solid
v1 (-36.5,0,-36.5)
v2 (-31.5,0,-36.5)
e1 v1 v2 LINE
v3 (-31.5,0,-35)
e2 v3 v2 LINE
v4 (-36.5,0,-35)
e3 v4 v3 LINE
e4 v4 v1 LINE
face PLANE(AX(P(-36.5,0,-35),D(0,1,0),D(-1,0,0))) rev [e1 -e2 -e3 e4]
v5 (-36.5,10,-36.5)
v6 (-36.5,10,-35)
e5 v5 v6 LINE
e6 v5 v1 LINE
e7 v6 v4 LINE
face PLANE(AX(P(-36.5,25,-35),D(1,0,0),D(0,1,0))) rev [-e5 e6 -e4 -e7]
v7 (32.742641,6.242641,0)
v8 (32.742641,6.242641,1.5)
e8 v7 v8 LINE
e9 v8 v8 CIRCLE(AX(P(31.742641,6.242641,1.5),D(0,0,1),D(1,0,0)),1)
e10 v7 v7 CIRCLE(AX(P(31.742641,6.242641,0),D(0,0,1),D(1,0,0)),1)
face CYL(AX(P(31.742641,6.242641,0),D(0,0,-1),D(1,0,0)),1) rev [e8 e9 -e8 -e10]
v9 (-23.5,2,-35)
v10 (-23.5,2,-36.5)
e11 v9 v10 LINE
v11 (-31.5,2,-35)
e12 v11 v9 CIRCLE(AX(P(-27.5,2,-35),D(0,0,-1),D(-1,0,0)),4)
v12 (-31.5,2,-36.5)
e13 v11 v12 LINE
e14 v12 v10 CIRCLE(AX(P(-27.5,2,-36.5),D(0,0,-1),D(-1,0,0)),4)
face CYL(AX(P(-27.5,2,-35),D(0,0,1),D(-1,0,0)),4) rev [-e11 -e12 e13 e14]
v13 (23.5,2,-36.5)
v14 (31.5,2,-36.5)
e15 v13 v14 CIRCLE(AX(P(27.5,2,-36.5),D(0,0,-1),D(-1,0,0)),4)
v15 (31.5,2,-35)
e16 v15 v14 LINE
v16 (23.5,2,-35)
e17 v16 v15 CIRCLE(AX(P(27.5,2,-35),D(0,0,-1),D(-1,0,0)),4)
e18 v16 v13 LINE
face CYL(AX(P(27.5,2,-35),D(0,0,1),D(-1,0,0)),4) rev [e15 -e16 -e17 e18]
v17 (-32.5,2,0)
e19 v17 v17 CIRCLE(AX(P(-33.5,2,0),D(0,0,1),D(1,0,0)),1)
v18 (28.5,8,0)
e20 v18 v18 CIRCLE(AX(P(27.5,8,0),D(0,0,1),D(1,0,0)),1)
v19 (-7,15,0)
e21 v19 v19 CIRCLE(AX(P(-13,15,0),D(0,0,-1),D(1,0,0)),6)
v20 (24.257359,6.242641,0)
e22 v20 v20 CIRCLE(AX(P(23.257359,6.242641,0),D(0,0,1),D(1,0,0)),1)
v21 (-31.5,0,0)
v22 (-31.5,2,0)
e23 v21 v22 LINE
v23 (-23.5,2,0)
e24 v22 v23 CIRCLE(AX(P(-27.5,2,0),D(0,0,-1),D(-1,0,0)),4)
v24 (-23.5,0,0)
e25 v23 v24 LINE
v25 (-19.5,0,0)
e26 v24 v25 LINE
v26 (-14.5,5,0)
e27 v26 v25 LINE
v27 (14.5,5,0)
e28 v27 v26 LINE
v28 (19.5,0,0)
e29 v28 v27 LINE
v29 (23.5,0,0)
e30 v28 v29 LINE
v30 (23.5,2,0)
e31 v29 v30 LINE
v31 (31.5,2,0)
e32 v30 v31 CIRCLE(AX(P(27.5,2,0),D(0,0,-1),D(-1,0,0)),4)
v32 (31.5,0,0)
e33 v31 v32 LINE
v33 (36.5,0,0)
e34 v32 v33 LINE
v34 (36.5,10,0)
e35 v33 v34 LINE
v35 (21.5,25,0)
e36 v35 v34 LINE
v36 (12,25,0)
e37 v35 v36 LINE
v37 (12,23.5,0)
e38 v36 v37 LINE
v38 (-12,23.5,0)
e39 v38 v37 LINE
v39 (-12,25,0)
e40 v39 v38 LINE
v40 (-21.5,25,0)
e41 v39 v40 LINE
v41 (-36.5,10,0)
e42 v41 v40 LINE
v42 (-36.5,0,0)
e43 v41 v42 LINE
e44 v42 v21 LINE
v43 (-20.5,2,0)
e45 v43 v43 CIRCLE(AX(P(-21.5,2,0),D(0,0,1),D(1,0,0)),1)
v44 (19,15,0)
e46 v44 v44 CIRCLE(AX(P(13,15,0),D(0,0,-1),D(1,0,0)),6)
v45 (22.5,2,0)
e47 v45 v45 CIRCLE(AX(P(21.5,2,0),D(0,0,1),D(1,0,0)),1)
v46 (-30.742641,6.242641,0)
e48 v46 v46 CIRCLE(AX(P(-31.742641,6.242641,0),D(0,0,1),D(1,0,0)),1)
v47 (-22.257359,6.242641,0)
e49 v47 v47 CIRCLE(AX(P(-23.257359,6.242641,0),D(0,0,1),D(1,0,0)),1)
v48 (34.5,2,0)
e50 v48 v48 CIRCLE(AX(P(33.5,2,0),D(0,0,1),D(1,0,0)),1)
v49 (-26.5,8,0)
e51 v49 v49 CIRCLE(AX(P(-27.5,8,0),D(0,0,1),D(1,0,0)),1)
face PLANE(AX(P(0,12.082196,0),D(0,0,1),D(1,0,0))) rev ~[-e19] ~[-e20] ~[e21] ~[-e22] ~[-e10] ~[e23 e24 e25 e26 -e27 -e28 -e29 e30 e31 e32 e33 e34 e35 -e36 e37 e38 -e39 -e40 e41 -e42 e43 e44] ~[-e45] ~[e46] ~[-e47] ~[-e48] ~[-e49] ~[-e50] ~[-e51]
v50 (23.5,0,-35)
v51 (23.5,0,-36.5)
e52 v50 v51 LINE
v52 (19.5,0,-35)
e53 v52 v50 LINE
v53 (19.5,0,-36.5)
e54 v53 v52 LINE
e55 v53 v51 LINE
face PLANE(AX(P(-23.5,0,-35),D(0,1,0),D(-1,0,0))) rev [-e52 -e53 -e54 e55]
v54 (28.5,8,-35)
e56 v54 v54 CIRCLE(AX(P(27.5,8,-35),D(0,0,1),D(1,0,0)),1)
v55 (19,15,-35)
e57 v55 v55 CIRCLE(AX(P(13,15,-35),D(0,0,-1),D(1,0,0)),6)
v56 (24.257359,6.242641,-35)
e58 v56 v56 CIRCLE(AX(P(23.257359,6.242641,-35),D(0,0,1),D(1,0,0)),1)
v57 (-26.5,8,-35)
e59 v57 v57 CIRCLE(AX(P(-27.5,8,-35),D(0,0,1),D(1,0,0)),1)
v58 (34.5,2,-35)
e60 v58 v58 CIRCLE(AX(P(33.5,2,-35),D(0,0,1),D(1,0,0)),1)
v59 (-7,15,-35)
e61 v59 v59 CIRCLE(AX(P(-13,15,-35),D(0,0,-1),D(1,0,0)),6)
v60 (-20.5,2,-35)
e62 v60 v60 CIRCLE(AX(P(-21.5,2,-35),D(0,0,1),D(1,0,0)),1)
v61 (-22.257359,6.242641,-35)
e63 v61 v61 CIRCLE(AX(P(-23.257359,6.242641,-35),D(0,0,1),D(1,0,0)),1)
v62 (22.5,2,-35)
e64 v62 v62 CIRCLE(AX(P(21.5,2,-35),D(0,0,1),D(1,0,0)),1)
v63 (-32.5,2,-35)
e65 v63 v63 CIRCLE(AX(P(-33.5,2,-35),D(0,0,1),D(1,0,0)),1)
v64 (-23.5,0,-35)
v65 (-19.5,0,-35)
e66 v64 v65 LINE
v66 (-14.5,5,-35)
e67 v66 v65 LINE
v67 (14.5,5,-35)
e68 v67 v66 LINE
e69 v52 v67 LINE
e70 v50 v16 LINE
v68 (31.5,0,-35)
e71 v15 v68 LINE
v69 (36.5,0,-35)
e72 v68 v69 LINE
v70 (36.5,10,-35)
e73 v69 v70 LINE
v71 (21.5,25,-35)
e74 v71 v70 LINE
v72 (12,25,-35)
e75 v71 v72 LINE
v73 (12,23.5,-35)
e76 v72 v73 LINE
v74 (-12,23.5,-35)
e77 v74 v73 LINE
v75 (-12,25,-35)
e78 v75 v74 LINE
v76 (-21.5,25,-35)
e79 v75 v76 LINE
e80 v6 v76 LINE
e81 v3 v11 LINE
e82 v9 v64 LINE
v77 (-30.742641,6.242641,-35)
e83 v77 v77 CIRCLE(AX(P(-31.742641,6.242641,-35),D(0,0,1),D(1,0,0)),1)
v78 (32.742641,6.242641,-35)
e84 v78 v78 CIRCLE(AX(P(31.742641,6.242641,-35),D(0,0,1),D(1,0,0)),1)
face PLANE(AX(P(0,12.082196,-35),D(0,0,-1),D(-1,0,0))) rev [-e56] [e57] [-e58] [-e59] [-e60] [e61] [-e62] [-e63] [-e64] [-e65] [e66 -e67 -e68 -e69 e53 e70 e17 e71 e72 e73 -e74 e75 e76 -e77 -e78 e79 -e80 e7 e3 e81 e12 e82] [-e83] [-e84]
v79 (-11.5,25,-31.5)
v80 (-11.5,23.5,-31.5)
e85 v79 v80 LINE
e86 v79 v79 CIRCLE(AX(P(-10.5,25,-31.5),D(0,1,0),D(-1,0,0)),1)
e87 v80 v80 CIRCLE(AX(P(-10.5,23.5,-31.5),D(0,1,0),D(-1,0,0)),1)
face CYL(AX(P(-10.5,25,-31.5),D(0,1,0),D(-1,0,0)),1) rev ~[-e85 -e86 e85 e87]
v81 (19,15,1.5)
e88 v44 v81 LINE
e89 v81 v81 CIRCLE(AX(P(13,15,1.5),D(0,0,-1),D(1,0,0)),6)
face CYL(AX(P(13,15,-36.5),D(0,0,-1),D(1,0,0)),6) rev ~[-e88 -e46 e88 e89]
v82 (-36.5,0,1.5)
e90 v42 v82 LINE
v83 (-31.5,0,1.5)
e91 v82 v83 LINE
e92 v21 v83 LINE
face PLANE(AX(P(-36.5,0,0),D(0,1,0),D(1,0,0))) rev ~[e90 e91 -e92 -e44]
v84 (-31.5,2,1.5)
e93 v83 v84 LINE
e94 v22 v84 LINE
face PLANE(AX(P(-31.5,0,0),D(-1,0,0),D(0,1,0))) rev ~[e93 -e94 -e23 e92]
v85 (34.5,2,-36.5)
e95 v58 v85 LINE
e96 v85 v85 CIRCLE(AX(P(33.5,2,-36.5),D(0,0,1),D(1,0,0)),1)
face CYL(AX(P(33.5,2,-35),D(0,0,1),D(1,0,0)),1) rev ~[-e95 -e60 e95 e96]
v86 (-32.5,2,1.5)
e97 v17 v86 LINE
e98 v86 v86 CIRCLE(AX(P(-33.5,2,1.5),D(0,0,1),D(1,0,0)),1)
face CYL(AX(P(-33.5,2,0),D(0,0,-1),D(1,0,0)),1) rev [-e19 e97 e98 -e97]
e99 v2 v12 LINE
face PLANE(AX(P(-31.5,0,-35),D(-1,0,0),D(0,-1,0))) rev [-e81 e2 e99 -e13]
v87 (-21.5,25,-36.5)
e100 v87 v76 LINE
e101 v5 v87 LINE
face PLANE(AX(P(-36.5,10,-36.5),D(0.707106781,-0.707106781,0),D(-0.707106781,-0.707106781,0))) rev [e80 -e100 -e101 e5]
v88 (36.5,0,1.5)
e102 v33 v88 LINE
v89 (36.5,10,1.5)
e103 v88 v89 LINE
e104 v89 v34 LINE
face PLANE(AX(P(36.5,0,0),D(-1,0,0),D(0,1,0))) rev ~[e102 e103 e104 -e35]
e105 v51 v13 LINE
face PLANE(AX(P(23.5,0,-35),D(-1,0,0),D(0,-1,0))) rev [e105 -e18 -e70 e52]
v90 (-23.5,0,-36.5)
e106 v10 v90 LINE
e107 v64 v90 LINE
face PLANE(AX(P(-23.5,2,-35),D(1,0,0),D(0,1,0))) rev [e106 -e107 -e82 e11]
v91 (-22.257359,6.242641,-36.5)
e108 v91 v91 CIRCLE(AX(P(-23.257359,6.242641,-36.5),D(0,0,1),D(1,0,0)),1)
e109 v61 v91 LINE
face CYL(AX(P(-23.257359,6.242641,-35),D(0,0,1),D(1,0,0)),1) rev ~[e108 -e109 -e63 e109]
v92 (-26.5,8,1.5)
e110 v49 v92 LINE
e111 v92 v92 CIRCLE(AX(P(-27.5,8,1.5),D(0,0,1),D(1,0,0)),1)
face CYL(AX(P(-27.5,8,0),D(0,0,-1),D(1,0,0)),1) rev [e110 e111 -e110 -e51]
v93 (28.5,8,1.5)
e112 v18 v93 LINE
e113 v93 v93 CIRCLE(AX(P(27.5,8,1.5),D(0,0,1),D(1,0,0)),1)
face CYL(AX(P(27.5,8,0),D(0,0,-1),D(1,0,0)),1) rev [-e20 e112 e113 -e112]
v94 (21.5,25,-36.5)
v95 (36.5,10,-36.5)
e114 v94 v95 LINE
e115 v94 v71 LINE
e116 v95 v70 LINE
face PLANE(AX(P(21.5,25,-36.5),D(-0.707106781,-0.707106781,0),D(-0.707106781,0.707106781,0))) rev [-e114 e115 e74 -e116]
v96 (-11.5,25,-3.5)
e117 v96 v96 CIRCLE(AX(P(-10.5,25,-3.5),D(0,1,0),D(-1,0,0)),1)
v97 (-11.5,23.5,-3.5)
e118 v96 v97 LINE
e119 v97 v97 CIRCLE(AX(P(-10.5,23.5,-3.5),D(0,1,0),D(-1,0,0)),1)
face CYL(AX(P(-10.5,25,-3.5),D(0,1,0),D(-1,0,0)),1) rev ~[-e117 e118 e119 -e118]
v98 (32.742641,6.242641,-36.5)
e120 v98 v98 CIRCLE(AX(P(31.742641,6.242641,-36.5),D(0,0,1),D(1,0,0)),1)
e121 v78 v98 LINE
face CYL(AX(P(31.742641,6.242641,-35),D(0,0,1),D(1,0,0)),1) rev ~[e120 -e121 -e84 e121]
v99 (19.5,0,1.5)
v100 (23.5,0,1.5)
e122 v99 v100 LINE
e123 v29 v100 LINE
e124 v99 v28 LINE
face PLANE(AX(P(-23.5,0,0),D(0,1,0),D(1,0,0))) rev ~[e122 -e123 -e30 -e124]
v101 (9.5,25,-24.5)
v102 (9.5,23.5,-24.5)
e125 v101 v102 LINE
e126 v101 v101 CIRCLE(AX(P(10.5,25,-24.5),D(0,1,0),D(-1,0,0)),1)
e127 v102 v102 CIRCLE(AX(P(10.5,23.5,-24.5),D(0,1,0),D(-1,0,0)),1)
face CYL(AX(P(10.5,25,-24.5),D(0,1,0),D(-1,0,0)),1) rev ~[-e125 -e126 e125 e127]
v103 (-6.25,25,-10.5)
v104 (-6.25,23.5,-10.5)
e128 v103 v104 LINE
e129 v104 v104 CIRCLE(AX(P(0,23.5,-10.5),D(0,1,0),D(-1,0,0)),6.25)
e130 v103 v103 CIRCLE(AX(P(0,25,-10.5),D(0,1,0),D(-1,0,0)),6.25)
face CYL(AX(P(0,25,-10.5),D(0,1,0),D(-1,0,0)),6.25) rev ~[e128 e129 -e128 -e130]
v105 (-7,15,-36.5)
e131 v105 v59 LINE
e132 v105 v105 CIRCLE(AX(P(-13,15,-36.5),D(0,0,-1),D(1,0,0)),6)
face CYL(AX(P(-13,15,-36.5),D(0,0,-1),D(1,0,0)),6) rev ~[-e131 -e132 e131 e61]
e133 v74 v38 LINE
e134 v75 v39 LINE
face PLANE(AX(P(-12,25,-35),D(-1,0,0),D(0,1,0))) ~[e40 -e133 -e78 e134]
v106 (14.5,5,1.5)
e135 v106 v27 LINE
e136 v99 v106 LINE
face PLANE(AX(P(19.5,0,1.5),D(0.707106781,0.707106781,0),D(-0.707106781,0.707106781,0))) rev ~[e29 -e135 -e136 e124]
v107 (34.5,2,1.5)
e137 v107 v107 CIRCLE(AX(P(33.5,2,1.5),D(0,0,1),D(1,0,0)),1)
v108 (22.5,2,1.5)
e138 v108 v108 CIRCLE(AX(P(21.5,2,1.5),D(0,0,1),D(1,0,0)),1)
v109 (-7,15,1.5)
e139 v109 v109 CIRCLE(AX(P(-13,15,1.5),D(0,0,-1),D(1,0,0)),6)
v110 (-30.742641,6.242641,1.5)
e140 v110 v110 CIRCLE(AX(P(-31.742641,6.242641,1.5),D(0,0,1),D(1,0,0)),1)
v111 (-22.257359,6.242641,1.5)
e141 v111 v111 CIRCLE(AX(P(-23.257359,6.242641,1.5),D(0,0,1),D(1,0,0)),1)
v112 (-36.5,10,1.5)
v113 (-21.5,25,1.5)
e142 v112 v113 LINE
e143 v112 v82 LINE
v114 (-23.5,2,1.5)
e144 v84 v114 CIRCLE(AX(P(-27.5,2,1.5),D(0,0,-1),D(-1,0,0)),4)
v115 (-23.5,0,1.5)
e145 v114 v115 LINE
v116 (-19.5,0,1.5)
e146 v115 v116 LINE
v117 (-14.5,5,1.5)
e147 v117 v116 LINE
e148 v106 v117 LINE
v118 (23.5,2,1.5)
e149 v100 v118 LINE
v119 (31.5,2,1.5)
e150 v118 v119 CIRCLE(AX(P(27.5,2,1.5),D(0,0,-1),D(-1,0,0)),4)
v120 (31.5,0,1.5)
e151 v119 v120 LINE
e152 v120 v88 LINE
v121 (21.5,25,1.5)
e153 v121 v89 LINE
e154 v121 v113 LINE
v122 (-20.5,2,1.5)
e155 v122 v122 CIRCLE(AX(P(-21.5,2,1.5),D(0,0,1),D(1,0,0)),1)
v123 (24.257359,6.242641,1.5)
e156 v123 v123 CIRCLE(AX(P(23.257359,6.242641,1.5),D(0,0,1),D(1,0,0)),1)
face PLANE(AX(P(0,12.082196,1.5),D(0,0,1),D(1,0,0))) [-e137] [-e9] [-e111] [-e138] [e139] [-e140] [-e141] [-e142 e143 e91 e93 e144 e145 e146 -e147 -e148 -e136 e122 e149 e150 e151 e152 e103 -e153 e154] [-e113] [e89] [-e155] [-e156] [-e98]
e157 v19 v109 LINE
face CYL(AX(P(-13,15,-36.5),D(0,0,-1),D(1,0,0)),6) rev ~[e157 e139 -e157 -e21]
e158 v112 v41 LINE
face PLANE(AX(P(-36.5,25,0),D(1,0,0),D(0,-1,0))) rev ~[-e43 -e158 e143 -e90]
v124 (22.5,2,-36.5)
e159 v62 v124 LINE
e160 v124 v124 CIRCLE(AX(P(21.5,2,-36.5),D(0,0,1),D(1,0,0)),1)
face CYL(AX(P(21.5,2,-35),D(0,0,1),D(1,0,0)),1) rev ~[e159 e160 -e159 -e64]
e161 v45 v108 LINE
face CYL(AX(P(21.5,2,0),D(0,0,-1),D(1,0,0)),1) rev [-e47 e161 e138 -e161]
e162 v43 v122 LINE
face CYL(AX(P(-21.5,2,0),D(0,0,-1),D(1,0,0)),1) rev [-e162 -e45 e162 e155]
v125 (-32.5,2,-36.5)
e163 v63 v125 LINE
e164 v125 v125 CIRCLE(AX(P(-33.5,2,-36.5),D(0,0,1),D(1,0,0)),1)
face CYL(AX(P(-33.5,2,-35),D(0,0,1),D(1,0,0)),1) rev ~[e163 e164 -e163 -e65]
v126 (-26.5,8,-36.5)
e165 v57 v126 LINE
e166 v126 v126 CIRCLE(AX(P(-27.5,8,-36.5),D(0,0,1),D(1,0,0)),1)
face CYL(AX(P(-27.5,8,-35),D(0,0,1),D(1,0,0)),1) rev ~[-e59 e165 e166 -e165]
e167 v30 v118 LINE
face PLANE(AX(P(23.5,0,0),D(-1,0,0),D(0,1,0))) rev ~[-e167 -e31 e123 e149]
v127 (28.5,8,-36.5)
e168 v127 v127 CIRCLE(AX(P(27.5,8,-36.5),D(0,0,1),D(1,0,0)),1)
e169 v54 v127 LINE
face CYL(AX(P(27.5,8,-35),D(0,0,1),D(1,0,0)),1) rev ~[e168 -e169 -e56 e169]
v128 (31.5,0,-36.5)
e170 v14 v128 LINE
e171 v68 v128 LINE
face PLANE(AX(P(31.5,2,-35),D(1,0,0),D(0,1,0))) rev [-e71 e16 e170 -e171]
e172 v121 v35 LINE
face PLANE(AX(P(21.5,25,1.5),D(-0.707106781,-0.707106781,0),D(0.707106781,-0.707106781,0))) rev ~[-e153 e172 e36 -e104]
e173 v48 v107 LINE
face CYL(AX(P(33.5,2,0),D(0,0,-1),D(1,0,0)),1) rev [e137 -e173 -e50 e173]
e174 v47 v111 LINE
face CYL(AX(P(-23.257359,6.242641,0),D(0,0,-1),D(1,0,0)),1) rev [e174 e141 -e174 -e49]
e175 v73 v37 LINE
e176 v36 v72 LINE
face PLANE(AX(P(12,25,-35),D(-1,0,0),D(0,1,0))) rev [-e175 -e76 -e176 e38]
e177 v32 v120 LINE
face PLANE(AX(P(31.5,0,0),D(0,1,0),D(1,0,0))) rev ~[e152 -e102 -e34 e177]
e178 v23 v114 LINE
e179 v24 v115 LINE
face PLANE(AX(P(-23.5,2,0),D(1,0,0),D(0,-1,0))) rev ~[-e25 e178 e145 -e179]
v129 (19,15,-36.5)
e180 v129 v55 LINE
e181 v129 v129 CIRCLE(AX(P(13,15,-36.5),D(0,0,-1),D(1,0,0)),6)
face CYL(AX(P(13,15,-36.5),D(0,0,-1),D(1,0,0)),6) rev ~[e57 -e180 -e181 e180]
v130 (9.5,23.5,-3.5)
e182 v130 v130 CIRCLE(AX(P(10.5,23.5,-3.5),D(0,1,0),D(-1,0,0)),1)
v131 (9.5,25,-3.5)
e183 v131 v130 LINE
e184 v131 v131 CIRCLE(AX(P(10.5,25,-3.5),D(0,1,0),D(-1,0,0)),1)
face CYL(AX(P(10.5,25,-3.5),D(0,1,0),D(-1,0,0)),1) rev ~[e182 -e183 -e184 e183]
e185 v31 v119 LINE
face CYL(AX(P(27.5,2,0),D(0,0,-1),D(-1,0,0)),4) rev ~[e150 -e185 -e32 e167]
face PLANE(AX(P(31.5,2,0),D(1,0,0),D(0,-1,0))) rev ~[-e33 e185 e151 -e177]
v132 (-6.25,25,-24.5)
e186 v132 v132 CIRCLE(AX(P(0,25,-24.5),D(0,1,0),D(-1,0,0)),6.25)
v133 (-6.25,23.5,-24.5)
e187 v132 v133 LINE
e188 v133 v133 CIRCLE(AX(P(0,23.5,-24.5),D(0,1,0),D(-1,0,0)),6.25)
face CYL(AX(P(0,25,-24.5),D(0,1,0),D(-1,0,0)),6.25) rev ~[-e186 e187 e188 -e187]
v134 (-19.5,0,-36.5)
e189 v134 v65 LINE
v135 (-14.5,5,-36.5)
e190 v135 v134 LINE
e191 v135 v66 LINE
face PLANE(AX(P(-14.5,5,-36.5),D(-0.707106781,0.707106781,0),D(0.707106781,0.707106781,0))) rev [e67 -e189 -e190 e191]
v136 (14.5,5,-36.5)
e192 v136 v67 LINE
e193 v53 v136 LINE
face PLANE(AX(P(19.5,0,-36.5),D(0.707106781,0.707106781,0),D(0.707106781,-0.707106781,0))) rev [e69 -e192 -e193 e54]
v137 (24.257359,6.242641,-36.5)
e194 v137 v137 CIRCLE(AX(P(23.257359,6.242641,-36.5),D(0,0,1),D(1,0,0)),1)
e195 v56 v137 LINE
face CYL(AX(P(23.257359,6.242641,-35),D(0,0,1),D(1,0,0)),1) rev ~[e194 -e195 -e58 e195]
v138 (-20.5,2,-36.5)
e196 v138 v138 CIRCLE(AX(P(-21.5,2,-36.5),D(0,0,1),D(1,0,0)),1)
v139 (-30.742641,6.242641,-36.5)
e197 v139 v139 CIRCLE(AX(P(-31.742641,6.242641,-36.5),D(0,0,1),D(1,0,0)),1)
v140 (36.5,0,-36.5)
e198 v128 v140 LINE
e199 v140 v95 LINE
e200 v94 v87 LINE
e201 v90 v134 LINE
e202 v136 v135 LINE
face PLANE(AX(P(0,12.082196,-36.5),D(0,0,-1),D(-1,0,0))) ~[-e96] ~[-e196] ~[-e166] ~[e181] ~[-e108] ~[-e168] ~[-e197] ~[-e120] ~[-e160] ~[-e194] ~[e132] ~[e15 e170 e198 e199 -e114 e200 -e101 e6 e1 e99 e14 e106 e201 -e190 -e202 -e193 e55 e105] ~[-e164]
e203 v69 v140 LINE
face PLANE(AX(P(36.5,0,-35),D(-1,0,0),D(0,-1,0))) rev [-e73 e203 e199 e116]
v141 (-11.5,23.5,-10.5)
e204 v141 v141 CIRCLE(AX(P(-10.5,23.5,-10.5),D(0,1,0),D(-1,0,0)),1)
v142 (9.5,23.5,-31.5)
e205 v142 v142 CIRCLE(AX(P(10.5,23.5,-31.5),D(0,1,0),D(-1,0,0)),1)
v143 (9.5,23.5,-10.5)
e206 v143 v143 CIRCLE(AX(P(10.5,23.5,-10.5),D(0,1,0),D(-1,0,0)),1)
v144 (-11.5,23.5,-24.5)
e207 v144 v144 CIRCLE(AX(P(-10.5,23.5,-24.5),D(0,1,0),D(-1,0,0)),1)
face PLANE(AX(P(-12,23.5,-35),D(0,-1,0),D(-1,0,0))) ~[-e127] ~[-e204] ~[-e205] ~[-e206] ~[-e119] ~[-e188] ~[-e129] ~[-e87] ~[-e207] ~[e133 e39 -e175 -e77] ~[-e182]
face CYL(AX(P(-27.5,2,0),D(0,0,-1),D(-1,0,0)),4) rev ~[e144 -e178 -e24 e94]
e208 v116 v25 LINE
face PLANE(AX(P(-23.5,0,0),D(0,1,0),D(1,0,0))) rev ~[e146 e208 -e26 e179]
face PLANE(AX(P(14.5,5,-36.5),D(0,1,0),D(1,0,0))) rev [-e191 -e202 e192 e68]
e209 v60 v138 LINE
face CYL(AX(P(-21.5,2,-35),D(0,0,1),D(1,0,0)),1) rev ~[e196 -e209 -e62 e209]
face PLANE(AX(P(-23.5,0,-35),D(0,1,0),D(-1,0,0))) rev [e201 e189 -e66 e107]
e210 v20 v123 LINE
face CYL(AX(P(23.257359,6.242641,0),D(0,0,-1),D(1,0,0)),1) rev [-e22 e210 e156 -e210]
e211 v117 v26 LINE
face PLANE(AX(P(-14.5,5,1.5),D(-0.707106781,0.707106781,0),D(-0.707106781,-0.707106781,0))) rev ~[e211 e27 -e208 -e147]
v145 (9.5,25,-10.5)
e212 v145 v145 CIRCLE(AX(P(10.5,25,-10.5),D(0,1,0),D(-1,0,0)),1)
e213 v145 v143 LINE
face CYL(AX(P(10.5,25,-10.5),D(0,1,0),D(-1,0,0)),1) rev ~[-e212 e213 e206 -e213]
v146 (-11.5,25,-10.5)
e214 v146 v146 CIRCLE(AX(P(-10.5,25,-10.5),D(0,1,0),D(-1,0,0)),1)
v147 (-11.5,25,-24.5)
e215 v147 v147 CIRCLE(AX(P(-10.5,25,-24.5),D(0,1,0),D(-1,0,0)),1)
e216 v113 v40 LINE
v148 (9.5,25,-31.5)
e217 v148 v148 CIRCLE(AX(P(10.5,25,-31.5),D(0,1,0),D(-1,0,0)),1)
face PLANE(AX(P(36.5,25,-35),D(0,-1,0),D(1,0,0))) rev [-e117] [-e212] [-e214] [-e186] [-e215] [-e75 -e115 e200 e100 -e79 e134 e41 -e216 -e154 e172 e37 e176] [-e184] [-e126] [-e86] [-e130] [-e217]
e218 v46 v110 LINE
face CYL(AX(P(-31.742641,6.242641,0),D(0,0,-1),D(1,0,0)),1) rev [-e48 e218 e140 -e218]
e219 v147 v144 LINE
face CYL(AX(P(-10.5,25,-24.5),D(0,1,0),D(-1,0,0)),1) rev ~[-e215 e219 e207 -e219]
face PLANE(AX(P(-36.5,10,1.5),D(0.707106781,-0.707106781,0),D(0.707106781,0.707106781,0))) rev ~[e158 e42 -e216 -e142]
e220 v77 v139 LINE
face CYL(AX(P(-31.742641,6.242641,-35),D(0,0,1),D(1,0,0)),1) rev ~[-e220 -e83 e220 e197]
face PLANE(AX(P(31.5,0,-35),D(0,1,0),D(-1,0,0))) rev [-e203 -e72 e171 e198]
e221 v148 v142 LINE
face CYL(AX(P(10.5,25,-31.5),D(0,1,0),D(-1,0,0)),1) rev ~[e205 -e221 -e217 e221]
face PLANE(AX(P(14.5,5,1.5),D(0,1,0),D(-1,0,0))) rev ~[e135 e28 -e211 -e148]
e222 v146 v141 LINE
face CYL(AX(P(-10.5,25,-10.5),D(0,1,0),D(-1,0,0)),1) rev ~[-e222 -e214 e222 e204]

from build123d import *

# Parameters (mm, degrees)
F0_R      = 1
F1_DEPTH  = 1.5
F3_DEPTH  = 1.5
F4_W      = 24
F4_H      = 1.5
F5_DEPTH  = 17.5
F8_R      = 6
F9_DEPTH  = 38.001
F10_R     = 1
F10_R_2   = 6.25
F11_DEPTH = 1.5


with BuildPart() as f1:
    # F0 (on Top) → F1 (new body)
    with BuildSketch(Plane.XY):
        with BuildLine():
            Line((-36.5, 25), (-36.5, 0))
            Line((-36.5, 0), (-31.5, 0))
            Line((-31.5, 0), (-31.5, 2))
            ThreePointArc((-31.5, 2), (-27.5, 6), (-23.5, 2))
            Line((-23.5, 2), (-23.5, 0))
            Line((-23.5, 0), (23.5, 0))
            Line((23.5, 0), (23.5, 2))
            ThreePointArc((23.5, 2), (27.5, 6), (31.5, 2))
            Line((31.5, 2), (31.5, 0))
            Line((31.5, 0), (36.5, 0))
            Line((36.5, 0), (36.5, 25))
            Line((36.5, 25), (-36.5, 25))
        make_face()
        with Locations((-33.5, 2)):
            Circle(F0_R, mode=Mode.SUBTRACT)
        with Locations((-21.5, 2)):
            Circle(F0_R, mode=Mode.SUBTRACT)
        with Locations((-31.742641, 6.242641)):
            Circle(F0_R, mode=Mode.SUBTRACT)
        with Locations((-23.257359, 6.242641)):
            Circle(F0_R, mode=Mode.SUBTRACT)
        with Locations((-27.5, 8)):
            Circle(F0_R, mode=Mode.SUBTRACT)
        with Locations((21.5, 2)):
            Circle(F0_R, mode=Mode.SUBTRACT)
        with Locations((33.5, 2)):
            Circle(F0_R, mode=Mode.SUBTRACT)
        with Locations((23.257359, 6.242641)):
            Circle(F0_R, mode=Mode.SUBTRACT)
        with Locations((31.742641, 6.242641)):
            Circle(F0_R, mode=Mode.SUBTRACT)
        with Locations((27.5, 8)):
            Circle(F0_R, mode=Mode.SUBTRACT)
    extrude(amount=F1_DEPTH)

    # F2 (on face) → F3 (cut, through all)
    with BuildSketch(Plane.XY.offset(1.5)):
        Polygon((-36.5, 25), (-36.5, 10), (-21.5, 25), align=None)
        Polygon((36.5, 25), (21.5, 25), (36.5, 10), align=None)
        Polygon((-14.5, 5), (-19.5, 0), (19.5, 0), (14.5, 5), (0, 5), align=None)
    extrude(amount=-F3_DEPTH, mode=Mode.SUBTRACT)

    # F4 (on face) → F5 (join)
    with BuildSketch(Plane(origin=(0, 0, 0), x_dir=(1, 0, 0), z_dir=(0, 0, -1))):
        with Locations((0, -24.25)):
            Rectangle(F4_W, F4_H)
    extrude(amount=F5_DEPTH)

    # F7: F1 across plane


with BuildPart() as f1_1:
    add(f1.part)
    add(f1.part.mirror(Plane.XY.offset(-17.5)))

    # F8 (on face) → F9 (cut, through all)
    with BuildSketch(Plane(origin=(0, 0, -36.5), x_dir=(1, 0, 0), z_dir=(0, 0, -1))):
        with Locations((-13, -15)):
            Circle(F8_R)
        with Locations((13, -15)):
            Circle(F8_R)
    extrude(amount=-F9_DEPTH, mode=Mode.SUBTRACT)

    # F10 (on face) → F11 (cut, through all)
    with BuildSketch(Plane(origin=(0, 25, 0), x_dir=(-1, 0, 0), z_dir=(0, 1, 0))):
        with Locations((10.5, -10.5)):
            Circle(F10_R)
        with Locations((10.5, -31.5)):
            Circle(F10_R)
        with Locations((-10.5, -10.5)):
            Circle(F10_R)
        with Locations((-10.5, -31.5)):
            Circle(F10_R)
        with Locations((0, -10.5)):
            Circle(F10_R_2)
        with Locations((-10.5, -24.5)):
            Circle(F10_R)
        with Locations((-10.5, -3.5)):
            Circle(F10_R)
        with Locations((10.5, -3.5)):
            Circle(F10_R)
        with Locations((10.5, -24.5)):
            Circle(F10_R)
        with Locations((0, -24.5)):
            Circle(F10_R_2)
    extrude(amount=-F11_DEPTH, mode=Mode.SUBTRACT)


solid = f1_1.part
